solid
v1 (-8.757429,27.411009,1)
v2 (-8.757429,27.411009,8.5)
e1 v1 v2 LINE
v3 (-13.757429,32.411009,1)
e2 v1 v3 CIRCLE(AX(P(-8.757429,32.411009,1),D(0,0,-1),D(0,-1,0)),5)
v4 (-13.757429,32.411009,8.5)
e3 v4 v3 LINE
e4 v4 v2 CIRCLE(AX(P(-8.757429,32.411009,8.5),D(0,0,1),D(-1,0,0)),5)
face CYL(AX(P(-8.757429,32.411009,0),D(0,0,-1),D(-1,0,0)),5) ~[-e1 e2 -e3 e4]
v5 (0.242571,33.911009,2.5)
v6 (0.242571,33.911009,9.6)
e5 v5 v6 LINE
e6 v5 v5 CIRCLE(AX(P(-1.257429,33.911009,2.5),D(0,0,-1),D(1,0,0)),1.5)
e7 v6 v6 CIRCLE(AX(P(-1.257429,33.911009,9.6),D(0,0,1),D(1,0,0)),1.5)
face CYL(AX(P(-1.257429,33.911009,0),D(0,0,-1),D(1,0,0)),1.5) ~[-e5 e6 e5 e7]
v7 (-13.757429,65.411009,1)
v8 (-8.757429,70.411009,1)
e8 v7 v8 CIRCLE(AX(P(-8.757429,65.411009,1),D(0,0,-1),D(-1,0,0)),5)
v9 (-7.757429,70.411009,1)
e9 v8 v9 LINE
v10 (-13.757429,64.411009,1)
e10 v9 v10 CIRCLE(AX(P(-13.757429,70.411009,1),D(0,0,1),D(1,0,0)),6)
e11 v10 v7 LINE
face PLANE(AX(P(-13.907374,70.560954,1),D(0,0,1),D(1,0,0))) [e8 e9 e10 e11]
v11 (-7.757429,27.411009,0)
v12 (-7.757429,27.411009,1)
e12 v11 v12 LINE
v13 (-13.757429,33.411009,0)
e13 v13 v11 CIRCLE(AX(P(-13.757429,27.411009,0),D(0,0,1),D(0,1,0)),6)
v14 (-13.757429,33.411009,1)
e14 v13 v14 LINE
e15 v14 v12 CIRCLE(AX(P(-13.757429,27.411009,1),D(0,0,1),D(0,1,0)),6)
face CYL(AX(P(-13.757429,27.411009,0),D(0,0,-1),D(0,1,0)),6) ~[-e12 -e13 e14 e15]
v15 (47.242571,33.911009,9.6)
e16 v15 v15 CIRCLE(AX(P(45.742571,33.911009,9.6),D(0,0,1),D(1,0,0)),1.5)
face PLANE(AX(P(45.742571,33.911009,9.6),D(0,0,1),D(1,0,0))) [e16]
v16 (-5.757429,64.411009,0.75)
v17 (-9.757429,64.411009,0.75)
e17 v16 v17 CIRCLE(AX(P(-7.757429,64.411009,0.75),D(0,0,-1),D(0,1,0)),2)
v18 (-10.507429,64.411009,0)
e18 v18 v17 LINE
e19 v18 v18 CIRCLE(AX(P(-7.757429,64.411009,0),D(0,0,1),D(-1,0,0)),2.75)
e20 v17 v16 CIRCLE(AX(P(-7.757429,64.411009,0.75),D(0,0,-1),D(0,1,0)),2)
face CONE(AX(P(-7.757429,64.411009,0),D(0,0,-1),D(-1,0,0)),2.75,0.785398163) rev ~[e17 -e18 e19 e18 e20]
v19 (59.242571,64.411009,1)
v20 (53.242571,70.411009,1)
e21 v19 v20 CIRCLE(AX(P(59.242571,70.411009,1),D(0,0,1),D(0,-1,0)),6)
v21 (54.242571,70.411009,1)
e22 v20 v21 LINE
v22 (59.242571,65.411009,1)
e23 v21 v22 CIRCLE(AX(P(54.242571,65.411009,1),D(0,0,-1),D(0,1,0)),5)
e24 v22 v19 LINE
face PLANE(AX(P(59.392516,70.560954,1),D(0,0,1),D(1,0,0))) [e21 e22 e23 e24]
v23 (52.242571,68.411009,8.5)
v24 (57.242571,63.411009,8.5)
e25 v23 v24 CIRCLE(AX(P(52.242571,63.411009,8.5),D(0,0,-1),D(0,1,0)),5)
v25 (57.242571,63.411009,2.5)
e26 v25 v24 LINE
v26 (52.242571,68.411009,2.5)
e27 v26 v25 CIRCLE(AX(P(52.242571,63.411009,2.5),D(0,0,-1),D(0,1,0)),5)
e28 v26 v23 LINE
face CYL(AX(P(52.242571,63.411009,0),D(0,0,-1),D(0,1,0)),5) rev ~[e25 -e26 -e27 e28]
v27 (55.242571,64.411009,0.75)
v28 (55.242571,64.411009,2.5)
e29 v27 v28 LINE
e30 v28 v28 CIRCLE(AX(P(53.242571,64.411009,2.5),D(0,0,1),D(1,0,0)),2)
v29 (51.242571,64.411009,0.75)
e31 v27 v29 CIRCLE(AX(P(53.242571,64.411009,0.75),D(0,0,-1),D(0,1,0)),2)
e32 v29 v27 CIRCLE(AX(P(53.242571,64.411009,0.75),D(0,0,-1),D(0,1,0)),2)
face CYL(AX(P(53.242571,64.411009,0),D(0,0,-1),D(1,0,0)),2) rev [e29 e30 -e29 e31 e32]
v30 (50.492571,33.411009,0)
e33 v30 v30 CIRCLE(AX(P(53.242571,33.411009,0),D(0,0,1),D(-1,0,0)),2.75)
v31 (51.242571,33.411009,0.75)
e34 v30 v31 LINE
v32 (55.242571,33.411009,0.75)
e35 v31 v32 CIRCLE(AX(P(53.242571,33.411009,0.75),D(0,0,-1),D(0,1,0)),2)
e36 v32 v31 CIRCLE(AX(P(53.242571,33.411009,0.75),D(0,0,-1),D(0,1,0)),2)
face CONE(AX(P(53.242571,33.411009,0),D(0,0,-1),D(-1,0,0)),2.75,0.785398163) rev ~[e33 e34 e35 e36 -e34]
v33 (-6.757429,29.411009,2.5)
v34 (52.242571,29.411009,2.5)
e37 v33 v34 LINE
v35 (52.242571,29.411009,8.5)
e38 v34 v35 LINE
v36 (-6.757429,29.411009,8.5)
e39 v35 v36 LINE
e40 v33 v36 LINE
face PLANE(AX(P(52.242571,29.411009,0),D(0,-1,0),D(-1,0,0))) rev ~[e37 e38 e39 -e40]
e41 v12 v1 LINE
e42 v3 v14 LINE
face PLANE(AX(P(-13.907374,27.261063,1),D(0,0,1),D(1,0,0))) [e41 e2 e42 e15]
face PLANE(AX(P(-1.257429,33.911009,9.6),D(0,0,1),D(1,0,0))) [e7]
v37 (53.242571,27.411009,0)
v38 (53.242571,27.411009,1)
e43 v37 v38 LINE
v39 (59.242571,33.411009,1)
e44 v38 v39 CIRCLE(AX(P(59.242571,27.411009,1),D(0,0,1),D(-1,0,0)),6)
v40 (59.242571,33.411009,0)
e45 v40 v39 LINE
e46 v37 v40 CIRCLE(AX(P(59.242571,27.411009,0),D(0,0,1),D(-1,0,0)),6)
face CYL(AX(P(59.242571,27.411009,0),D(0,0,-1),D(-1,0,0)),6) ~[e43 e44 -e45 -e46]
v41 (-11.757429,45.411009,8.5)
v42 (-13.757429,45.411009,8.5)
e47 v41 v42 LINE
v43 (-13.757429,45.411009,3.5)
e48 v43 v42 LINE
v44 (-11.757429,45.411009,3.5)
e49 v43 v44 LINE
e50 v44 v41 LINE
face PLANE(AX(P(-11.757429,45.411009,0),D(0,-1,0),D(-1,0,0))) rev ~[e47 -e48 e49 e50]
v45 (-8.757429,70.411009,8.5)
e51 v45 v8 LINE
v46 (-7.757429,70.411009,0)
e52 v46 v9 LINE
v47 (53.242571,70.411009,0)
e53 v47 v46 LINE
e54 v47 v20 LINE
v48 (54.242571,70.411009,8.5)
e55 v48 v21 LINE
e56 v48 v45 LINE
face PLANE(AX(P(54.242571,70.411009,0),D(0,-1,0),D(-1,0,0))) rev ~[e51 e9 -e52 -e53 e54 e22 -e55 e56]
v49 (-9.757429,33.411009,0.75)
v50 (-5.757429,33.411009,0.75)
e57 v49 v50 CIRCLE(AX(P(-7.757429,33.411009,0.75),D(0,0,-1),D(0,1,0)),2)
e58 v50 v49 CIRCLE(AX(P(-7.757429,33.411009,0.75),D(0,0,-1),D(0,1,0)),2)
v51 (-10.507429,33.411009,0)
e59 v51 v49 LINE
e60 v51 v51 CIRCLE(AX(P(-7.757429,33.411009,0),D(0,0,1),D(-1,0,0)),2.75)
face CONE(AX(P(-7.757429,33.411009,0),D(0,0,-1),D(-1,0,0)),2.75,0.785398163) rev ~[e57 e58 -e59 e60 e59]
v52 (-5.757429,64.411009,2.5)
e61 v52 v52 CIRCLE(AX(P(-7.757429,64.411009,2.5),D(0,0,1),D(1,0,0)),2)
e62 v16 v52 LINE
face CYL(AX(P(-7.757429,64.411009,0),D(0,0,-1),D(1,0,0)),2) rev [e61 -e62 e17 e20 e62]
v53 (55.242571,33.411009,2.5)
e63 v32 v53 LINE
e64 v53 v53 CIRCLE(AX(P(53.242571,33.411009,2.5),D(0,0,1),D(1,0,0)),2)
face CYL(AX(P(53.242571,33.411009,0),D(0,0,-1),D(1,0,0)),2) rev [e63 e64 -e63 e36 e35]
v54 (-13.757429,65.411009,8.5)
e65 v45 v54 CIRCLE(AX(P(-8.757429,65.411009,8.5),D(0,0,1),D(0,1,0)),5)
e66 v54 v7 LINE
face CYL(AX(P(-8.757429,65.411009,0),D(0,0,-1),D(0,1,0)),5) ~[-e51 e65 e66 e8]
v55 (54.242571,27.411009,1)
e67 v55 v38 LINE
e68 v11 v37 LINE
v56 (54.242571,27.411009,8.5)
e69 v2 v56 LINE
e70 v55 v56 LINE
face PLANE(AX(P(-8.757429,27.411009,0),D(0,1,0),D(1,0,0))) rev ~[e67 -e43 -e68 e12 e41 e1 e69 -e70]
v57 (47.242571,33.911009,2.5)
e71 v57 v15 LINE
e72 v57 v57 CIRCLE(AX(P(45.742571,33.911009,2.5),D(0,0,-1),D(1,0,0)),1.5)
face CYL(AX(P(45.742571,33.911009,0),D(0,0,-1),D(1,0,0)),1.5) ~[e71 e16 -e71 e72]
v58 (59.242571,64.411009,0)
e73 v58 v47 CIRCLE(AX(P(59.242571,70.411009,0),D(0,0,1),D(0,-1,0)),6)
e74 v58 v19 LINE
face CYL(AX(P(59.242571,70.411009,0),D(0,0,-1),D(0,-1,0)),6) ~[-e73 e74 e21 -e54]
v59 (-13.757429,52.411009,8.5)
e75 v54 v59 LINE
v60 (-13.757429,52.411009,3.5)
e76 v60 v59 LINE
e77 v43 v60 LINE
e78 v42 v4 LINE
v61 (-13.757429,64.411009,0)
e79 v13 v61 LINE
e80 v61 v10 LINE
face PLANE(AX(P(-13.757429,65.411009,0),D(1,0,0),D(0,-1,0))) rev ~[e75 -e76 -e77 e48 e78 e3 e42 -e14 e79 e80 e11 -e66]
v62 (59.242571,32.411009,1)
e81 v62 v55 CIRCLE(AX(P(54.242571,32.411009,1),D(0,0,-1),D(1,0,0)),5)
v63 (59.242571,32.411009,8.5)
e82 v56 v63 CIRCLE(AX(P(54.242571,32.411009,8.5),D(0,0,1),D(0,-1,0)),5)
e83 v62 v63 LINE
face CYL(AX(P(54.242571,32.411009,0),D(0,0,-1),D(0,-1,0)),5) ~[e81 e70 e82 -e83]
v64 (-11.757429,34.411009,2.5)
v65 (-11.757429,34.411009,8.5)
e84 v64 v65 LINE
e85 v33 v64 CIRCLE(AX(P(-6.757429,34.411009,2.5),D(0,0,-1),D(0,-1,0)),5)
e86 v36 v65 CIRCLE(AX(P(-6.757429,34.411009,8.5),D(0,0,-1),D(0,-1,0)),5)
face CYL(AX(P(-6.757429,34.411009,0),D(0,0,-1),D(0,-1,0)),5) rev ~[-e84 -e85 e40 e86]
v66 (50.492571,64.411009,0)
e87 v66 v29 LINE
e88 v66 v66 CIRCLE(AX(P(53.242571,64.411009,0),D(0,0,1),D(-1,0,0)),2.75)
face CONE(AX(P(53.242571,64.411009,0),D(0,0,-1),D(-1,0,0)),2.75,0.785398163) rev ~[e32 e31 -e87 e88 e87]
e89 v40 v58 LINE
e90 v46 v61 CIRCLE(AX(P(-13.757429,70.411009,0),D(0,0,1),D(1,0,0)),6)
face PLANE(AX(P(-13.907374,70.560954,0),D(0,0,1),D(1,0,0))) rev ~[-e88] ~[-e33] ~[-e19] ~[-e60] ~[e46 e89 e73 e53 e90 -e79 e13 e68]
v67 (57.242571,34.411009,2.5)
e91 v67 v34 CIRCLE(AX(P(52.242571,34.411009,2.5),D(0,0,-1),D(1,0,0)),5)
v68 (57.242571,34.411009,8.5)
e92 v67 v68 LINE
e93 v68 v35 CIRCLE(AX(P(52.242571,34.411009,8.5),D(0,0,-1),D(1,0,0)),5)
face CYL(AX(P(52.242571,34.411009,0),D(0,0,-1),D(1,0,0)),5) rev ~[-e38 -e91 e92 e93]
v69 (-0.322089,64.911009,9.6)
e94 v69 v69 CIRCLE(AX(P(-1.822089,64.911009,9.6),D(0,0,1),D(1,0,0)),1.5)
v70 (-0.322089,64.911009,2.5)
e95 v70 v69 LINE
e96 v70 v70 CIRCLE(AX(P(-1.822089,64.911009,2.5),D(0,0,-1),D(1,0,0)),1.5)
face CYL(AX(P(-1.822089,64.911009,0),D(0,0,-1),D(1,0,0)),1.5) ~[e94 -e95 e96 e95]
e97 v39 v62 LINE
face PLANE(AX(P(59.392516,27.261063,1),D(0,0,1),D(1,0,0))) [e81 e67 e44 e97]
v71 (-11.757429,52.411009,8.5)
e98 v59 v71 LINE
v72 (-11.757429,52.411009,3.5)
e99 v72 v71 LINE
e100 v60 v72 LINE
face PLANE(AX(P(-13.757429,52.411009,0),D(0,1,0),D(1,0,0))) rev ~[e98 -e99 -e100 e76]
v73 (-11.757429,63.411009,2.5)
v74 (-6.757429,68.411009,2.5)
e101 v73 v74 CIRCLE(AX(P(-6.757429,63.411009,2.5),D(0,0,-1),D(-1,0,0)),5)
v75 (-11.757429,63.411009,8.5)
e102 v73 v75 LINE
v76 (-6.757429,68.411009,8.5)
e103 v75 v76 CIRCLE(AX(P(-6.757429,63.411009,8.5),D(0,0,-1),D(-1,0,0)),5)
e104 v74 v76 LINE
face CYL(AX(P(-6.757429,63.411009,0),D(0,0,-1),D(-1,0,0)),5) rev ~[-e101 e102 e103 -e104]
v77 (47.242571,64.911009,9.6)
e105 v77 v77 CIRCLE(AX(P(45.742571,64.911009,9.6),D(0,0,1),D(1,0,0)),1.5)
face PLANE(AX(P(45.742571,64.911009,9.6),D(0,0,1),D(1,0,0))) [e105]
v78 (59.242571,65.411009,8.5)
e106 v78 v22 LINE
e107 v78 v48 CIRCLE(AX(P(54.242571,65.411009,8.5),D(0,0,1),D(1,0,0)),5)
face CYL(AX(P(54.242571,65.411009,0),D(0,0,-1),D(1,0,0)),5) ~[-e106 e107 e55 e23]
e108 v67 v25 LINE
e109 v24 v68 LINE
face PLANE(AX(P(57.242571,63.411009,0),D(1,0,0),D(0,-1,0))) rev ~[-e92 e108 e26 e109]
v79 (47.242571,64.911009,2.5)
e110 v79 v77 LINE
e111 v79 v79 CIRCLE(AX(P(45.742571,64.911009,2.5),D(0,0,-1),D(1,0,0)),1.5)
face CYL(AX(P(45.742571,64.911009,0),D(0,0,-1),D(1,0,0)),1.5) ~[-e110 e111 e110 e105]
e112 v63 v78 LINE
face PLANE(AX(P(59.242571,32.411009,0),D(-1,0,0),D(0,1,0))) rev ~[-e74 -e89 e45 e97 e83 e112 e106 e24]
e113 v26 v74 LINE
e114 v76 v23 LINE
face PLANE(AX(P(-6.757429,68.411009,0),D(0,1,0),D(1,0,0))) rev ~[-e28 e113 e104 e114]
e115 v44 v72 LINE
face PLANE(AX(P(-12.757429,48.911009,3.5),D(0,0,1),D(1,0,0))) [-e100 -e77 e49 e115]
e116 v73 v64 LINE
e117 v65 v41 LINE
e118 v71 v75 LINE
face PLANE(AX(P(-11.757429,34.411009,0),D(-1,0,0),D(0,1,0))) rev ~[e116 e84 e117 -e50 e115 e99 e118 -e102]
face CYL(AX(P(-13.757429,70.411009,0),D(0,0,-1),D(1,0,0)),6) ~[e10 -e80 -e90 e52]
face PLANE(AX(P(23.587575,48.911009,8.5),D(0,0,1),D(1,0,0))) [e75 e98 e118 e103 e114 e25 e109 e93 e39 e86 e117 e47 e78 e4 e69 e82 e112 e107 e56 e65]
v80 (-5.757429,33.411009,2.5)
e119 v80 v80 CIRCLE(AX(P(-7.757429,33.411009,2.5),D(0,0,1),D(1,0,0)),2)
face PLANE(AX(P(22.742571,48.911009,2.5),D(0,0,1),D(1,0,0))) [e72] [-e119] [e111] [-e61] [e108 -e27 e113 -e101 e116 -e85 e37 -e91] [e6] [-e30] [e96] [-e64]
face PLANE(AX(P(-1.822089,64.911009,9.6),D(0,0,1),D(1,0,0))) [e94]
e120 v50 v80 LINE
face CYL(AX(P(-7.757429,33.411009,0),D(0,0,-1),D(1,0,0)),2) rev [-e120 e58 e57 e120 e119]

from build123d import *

# Parameters (mm, degrees)
F0_R           = 2
F0_R_2         = 1.5
F0_W           = 2
F0_H           = 7
F1_DEPTH       = 2.5
F2_DEPTH       = 8.5
F3_DEPTH       = 9.6
F4_DEPTH       = 3.5
F5_D           = 3
F5_CSINK_D     = 5.5
F5_CSINK_ANGLE = 90
F6_DEPTH       = 1


with BuildPart() as f1:
    # F0 (on Top) → F1 (new body)
    with BuildSketch(Plane.XY):
        with BuildLine():
            Line((52.2425711751, 68.4110085815), (-6.7574288249, 68.4110085815))
            ThreePointArc((-6.7574288249, 68.4110085815), (-10.2929627308, 66.9465424875), (-11.7574288249, 63.4110085815))
            Line((-11.7574288249, 63.4110085815), (-11.7574288249, 52.4110085815))
            Line((-11.7574288249, 52.4110085815), (-11.7574288249, 45.4110085815))
            Line((-11.7574288249, 45.4110085815), (-11.7574288249, 34.4110085815))
            ThreePointArc((-11.7574288249, 34.4110085815), (-10.2929627308, 30.8754746756), (-6.7574288249, 29.4110085815))
            Line((-6.7574288249, 29.4110085815), (52.2425711751, 29.4110085815))
            ThreePointArc((52.2425711751, 29.4110085815), (55.778105081, 30.8754746756), (57.2425711751, 34.4110085815))
            Line((57.2425711751, 34.4110085815), (57.2425711751, 63.4110085815))
            ThreePointArc((57.2425711751, 63.4110085815), (55.778105081, 66.9465424875), (52.2425711751, 68.4110085815))
        make_face()
        with Locations((-7.7574288249, 33.4110085815)):
            Circle(F0_R, mode=Mode.SUBTRACT)
        with Locations((-1.2574288249, 33.9110085815)):
            Circle(F0_R_2, mode=Mode.SUBTRACT)
        with Locations((45.7425711751, 33.9110085815)):
            Circle(F0_R_2, mode=Mode.SUBTRACT)
        with Locations((53.2425711751, 33.4110085815)):
            Circle(F0_R, mode=Mode.SUBTRACT)
        with Locations((-7.7574288249, 64.4110085815)):
            Circle(F0_R, mode=Mode.SUBTRACT)
        with Locations((-1.8220887287, 64.9110085815)):
            Circle(F0_R_2, mode=Mode.SUBTRACT)
        with Locations((45.7425711751, 64.9110085815)):
            Circle(F0_R_2, mode=Mode.SUBTRACT)
        with Locations((53.2425711751, 64.4110085815)):
            Circle(F0_R, mode=Mode.SUBTRACT)
        with BuildLine():
            ThreePointArc((-11.7574288249, 63.4110085815), (-10.2929627308, 66.9465424875), (-6.7574288249, 68.4110085815))
            Line((-6.7574288249, 68.4110085815), (52.2425711751, 68.4110085815))
            ThreePointArc((52.2425711751, 68.4110085815), (55.778105081, 66.9465424875), (57.2425711751, 63.4110085815))
            Line((57.2425711751, 63.4110085815), (57.2425711751, 34.4110085815))
            ThreePointArc((57.2425711751, 34.4110085815), (55.778105081, 30.8754746756), (52.2425711751, 29.4110085815))
            Line((52.2425711751, 29.4110085815), (-6.7574288249, 29.4110085815))
            ThreePointArc((-6.7574288249, 29.4110085815), (-10.2929627308, 30.8754746756), (-11.7574288249, 34.4110085815))
            Line((-11.7574288249, 34.4110085815), (-11.7574288249, 45.4110085815))
            Line((-11.7574288249, 45.4110085815), (-13.7574288249, 45.4110085815))
            Line((-13.7574288249, 45.4110085815), (-13.7574288249, 33.4110085815))
            Line((-13.7574288249, 33.4110085815), (-13.7574288249, 32.4110085815))
            ThreePointArc((-13.7574288249, 32.4110085815), (-12.2929627308, 28.8754746756), (-8.7574288249, 27.4110085815))
            Line((-8.7574288249, 27.4110085815), (-7.7574288249, 27.4110085815))
            Line((-7.7574288249, 27.4110085815), (53.2425711751, 27.4110085815))
            Line((53.2425711751, 27.4110085815), (54.2425711751, 27.4110085815))
            ThreePointArc((54.2425711751, 27.4110085815), (57.778105081, 28.8754746756), (59.2425711751, 32.4110085815))
            Line((59.2425711751, 32.4110085815), (59.2425711751, 33.4110085815))
            Line((59.2425711751, 33.4110085815), (59.2425711751, 64.4110085815))
            Line((59.2425711751, 64.4110085815), (59.2425711751, 65.4110085815))
            ThreePointArc((59.2425711751, 65.4110085815), (57.778105081, 68.9465424875), (54.2425711751, 70.4110085815))
            Line((54.2425711751, 70.4110085815), (53.2425711751, 70.4110085815))
            Line((53.2425711751, 70.4110085815), (-7.7574288249, 70.4110085815))
            Line((-7.7574288249, 70.4110085815), (-8.7574288249, 70.4110085815))
            ThreePointArc((-8.7574288249, 70.4110085815), (-12.2929627308, 68.9465424875), (-13.7574288249, 65.4110085815))
            Line((-13.7574288249, 65.4110085815), (-13.7574288249, 64.4110085815))
            Line((-13.7574288249, 64.4110085815), (-13.7574288249, 52.4110085815))
            Line((-13.7574288249, 52.4110085815), (-11.7574288249, 52.4110085815))
            Line((-11.7574288249, 52.4110085815), (-11.7574288249, 63.4110085815))
        make_face()
        with Locations((-1.2574288249, 33.9110085815)):
            Circle(F0_R_2)
        with Locations((45.7425711751, 33.9110085815)):
            Circle(F0_R_2)
        with Locations((45.7425711751, 64.9110085815)):
            Circle(F0_R_2)
        with Locations((-1.8220887287, 64.9110085815)):
            Circle(F0_R_2)
        with Locations((-12.7574288249, 48.9110085815)):
            Rectangle(F0_W, F0_H)
    extrude(amount=F1_DEPTH)

    # F0 (on Top) → F2 (join)
    with BuildSketch(Plane.XY):
        with BuildLine():
            ThreePointArc((-11.7574288249, 63.4110085815), (-10.2929627308, 66.9465424875), (-6.7574288249, 68.4110085815))
            Line((-6.7574288249, 68.4110085815), (52.2425711751, 68.4110085815))
            ThreePointArc((52.2425711751, 68.4110085815), (55.778105081, 66.9465424875), (57.2425711751, 63.4110085815))
            Line((57.2425711751, 63.4110085815), (57.2425711751, 34.4110085815))
            ThreePointArc((57.2425711751, 34.4110085815), (55.778105081, 30.8754746756), (52.2425711751, 29.4110085815))
            Line((52.2425711751, 29.4110085815), (-6.7574288249, 29.4110085815))
            ThreePointArc((-6.7574288249, 29.4110085815), (-10.2929627308, 30.8754746756), (-11.7574288249, 34.4110085815))
            Line((-11.7574288249, 34.4110085815), (-11.7574288249, 45.4110085815))
            Line((-11.7574288249, 45.4110085815), (-13.7574288249, 45.4110085815))
            Line((-13.7574288249, 45.4110085815), (-13.7574288249, 33.4110085815))
            Line((-13.7574288249, 33.4110085815), (-13.7574288249, 32.4110085815))
            ThreePointArc((-13.7574288249, 32.4110085815), (-12.2929627308, 28.8754746756), (-8.7574288249, 27.4110085815))
            Line((-8.7574288249, 27.4110085815), (-7.7574288249, 27.4110085815))
            Line((-7.7574288249, 27.4110085815), (53.2425711751, 27.4110085815))
            Line((53.2425711751, 27.4110085815), (54.2425711751, 27.4110085815))
            ThreePointArc((54.2425711751, 27.4110085815), (57.778105081, 28.8754746756), (59.2425711751, 32.4110085815))
            Line((59.2425711751, 32.4110085815), (59.2425711751, 33.4110085815))
            Line((59.2425711751, 33.4110085815), (59.2425711751, 64.4110085815))
            Line((59.2425711751, 64.4110085815), (59.2425711751, 65.4110085815))
            ThreePointArc((59.2425711751, 65.4110085815), (57.778105081, 68.9465424875), (54.2425711751, 70.4110085815))
            Line((54.2425711751, 70.4110085815), (53.2425711751, 70.4110085815))
            Line((53.2425711751, 70.4110085815), (-7.7574288249, 70.4110085815))
            Line((-7.7574288249, 70.4110085815), (-8.7574288249, 70.4110085815))
            ThreePointArc((-8.7574288249, 70.4110085815), (-12.2929627308, 68.9465424875), (-13.7574288249, 65.4110085815))
            Line((-13.7574288249, 65.4110085815), (-13.7574288249, 64.4110085815))
            Line((-13.7574288249, 64.4110085815), (-13.7574288249, 52.4110085815))
            Line((-13.7574288249, 52.4110085815), (-11.7574288249, 52.4110085815))
            Line((-11.7574288249, 52.4110085815), (-11.7574288249, 63.4110085815))
        make_face()
    extrude(amount=F2_DEPTH)

    # F0 (on Top) → F3 (join)
    with BuildSketch(Plane.XY):
        with Locations((-1.8220887287, 64.9110085815)):
            Circle(F0_R_2)
        with Locations((-1.2574288249, 33.9110085815)):
            Circle(F0_R_2)
        with Locations((45.7425711751, 33.9110085815)):
            Circle(F0_R_2)
        with Locations((45.7425711751, 64.9110085815)):
            Circle(F0_R_2)
    extrude(amount=F3_DEPTH)

    # F0 (on Top) → F4 (join)
    with BuildSketch(Plane.XY):
        with Locations((-12.7574288249, 48.9110085815)):
            Rectangle(F0_W, F0_H)
    extrude(amount=F4_DEPTH)

    # F5 (through all)
    with Locations(Plane(origin=(0, 0, 0), x_dir=(1, 0, 0), z_dir=(0, 0, -1))):
        with Locations((53.2425711751, -64.4110085815), (53.2425711751, -33.4110085815), (-7.7574288249, -33.4110085815), (-7.7574288249, -64.4110085815)):
            CounterSinkHole(F5_D / 2, F5_CSINK_D / 2, counter_sink_angle=F5_CSINK_ANGLE)

    # F0 (on Top) → F6 (join)
    with BuildSketch(Plane.XY):
        with BuildLine():
            ThreePointArc((-7.7574288249, 70.4110085815), (-18.000069512, 74.6536492686), (-13.7574288249, 64.4110085815))
            Line((-13.7574288249, 64.4110085815), (-13.7574288249, 65.4110085815))
            ThreePointArc((-13.7574288249, 65.4110085815), (-12.2929627308, 68.9465424875), (-8.7574288249, 70.4110085815))
            Line((-8.7574288249, 70.4110085815), (-7.7574288249, 70.4110085815))
        make_face()
        with BuildLine():
            ThreePointArc((59.2425711751, 64.4110085815), (63.4852118622, 74.6536492686), (53.2425711751, 70.4110085815))
            Line((53.2425711751, 70.4110085815), (54.2425711751, 70.4110085815))
            ThreePointArc((54.2425711751, 70.4110085815), (57.778105081, 68.9465424875), (59.2425711751, 65.4110085815))
            Line((59.2425711751, 65.4110085815), (59.2425711751, 64.4110085815))
        make_face()
        with BuildLine():
            Line((54.2425711751, 27.4110085815), (53.2425711751, 27.4110085815))
            ThreePointArc((53.2425711751, 27.4110085815), (63.4852118622, 23.1683678944), (59.2425711751, 33.4110085815))
            Line((59.2425711751, 33.4110085815), (59.2425711751, 32.4110085815))
            ThreePointArc((59.2425711751, 32.4110085815), (57.778105081, 28.8754746756), (54.2425711751, 27.4110085815))
        make_face()
        with BuildLine():
            Line((-13.7574288249, 32.4110085815), (-13.7574288249, 33.4110085815))
            ThreePointArc((-13.7574288249, 33.4110085815), (-18.000069512, 23.1683678944), (-7.7574288249, 27.4110085815))
            Line((-7.7574288249, 27.4110085815), (-8.7574288249, 27.4110085815))
            ThreePointArc((-8.7574288249, 27.4110085815), (-12.2929627308, 28.8754746756), (-13.7574288249, 32.4110085815))
        make_face()
    extrude(amount=F6_DEPTH)


solid = f1.part
